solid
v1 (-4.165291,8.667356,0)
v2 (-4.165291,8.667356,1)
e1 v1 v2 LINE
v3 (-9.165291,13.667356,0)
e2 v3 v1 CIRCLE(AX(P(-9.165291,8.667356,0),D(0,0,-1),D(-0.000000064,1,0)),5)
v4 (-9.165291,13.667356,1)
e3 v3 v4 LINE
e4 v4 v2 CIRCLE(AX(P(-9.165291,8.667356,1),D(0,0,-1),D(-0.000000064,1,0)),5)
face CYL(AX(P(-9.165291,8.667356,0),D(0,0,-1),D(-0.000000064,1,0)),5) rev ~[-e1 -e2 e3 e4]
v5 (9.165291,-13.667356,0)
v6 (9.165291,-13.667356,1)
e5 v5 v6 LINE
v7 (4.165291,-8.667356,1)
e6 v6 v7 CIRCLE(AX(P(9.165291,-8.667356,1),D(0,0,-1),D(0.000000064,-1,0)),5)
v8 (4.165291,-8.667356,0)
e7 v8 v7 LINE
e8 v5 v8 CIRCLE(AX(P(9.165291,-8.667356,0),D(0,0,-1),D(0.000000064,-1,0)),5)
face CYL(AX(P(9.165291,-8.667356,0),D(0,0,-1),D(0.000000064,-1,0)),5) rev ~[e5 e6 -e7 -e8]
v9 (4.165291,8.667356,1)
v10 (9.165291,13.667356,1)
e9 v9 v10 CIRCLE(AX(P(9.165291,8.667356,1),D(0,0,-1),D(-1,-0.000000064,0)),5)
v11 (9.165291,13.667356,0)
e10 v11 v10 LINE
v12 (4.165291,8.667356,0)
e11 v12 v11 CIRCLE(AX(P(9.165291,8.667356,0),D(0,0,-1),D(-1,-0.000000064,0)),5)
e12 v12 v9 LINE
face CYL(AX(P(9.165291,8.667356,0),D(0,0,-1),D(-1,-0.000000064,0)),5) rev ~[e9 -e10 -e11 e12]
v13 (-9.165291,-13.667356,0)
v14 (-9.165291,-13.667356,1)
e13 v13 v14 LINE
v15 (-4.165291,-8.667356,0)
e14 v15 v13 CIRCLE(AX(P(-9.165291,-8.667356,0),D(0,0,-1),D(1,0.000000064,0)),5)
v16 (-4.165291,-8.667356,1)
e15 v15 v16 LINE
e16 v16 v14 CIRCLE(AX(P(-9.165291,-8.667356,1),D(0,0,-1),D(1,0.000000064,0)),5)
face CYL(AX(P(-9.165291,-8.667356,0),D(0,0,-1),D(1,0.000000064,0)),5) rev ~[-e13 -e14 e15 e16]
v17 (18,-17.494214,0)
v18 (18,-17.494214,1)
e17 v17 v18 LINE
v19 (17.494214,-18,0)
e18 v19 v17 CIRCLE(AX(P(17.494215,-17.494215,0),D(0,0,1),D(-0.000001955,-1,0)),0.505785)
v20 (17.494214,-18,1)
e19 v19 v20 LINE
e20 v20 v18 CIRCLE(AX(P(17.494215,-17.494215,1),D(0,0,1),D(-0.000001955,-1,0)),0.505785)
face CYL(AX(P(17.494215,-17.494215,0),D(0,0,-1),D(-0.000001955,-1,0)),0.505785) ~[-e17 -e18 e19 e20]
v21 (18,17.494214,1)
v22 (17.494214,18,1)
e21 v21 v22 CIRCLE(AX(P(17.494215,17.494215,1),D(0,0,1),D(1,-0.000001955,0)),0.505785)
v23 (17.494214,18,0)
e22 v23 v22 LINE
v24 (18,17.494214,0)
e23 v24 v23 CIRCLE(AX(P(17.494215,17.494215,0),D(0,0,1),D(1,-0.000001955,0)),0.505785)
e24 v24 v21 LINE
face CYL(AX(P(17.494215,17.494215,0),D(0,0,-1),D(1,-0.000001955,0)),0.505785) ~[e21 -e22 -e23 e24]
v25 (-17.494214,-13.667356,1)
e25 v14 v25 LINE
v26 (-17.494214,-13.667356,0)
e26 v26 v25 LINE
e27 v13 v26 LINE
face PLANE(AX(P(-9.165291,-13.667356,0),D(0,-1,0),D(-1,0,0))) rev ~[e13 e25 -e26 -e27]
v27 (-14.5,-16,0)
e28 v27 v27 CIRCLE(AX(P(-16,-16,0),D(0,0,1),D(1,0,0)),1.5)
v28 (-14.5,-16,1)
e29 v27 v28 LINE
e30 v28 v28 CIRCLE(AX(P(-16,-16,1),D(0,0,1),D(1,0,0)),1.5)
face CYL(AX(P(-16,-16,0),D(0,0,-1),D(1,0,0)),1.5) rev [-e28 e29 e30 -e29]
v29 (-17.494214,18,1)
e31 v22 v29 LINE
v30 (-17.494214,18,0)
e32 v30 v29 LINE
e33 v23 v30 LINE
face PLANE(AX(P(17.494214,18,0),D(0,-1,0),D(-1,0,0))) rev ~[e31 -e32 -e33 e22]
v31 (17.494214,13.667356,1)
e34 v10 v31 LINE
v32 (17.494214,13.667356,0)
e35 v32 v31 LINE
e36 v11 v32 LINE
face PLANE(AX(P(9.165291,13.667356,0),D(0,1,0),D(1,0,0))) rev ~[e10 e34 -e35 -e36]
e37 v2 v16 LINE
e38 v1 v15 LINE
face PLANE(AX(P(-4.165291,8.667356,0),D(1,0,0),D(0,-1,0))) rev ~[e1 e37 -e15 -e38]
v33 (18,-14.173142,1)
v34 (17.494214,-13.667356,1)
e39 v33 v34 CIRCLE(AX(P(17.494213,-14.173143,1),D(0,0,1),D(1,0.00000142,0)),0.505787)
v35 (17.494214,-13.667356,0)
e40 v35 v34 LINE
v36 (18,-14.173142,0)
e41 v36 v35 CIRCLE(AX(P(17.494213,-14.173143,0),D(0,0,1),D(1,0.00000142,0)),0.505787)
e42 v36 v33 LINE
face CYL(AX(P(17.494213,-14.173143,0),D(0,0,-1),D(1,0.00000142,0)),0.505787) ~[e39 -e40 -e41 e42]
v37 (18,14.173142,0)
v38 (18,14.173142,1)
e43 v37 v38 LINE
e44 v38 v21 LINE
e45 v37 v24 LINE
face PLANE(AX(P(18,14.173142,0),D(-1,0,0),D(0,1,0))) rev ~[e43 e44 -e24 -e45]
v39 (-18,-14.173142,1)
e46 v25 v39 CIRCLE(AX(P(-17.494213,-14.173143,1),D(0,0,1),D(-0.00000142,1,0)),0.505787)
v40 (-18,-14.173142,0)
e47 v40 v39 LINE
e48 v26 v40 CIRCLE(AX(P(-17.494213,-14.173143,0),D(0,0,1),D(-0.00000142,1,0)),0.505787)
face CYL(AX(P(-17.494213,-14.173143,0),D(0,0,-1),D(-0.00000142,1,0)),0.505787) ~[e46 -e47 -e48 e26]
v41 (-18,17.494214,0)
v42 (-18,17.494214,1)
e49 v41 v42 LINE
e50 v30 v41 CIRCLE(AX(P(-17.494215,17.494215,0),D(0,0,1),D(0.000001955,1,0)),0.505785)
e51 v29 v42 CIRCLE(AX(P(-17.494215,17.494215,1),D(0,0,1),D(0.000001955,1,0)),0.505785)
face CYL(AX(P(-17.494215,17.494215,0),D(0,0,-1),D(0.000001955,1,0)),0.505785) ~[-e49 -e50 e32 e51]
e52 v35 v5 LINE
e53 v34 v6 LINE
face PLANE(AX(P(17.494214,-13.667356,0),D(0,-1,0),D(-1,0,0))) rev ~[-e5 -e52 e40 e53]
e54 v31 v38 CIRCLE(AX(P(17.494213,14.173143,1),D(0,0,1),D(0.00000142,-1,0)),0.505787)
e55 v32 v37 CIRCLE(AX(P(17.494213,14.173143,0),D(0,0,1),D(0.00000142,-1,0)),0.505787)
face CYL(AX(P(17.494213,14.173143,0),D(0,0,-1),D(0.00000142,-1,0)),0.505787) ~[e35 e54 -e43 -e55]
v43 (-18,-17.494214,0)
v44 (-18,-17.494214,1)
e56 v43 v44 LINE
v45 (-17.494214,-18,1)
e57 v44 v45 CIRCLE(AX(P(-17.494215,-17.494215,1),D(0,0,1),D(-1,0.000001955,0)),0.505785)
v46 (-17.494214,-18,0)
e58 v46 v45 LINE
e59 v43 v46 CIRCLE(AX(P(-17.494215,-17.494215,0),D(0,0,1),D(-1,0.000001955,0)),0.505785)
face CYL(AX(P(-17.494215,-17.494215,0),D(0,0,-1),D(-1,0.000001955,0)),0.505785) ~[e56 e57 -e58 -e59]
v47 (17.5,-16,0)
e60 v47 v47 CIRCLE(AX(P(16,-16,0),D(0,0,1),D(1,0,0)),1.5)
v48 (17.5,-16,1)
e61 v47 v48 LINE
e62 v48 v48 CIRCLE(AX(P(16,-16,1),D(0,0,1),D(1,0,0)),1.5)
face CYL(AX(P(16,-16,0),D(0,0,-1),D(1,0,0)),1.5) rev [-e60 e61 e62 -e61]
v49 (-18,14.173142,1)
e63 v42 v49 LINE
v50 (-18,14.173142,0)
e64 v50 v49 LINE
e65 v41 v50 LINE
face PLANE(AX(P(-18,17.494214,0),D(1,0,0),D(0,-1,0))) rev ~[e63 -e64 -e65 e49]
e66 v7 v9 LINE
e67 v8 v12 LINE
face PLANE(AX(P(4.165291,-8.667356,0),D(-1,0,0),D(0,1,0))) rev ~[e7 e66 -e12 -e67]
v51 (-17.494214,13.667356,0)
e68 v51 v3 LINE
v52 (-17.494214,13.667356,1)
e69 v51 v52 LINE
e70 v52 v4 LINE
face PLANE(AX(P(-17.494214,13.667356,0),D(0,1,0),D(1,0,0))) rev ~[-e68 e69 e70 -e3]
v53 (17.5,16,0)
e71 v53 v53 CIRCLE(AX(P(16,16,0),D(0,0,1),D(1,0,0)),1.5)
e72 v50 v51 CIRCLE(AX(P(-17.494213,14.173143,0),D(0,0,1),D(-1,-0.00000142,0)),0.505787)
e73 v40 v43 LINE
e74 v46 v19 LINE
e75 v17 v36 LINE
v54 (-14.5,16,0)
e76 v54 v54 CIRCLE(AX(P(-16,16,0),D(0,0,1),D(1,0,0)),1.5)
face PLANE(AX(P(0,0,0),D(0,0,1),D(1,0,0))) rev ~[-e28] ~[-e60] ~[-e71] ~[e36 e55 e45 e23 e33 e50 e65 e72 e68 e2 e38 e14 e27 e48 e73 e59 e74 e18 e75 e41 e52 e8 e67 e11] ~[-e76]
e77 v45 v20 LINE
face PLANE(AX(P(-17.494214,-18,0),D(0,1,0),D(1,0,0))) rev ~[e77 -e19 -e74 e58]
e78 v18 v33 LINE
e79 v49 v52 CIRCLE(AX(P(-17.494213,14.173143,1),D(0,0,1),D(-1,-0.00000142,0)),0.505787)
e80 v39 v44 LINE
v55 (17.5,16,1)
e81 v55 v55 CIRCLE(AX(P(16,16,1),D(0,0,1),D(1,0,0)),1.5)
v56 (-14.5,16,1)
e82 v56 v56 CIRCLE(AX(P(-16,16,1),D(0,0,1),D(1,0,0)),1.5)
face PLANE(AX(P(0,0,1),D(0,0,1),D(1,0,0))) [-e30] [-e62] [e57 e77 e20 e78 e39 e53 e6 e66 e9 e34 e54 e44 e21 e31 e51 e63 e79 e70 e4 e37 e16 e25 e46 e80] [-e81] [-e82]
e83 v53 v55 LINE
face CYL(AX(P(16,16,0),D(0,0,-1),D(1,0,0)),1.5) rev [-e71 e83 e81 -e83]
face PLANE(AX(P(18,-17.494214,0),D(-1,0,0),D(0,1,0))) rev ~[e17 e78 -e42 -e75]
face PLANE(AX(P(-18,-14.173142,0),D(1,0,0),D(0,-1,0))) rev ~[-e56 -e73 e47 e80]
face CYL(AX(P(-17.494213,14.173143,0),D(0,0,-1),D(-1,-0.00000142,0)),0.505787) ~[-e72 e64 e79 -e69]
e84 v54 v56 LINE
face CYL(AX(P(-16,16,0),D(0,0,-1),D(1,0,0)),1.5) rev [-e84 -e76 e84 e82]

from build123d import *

# Parameters (mm, degrees)
F0_R     = 1.5
F1_DEPTH = 1


with BuildPart() as f1:
    # F0 (on Top) → F1 (new body)
    with BuildSketch(Plane.XY):
        with BuildLine():
            Line((-17.494214, -18), (17.494214, -18))
            ThreePointArc((17.494214, -18), (17.851859, -17.851859), (18, -17.494214))
            Line((18, -17.494214), (18, -14.173142))
            ThreePointArc((18, -14.173142), (17.851859, -13.815498), (17.494214, -13.667356))
            Line((17.494214, -13.667356), (9.165291, -13.667356))
            ThreePointArc((9.165291, -13.667356), (5.629757, -12.20289), (4.165291, -8.667356))
            Line((4.165291, -8.667356), (4.165291, 8.667356))
            ThreePointArc((4.165291, 8.667356), (5.629757, 12.20289), (9.165291, 13.667356))
            Line((9.165291, 13.667356), (17.494214, 13.667356))
            ThreePointArc((17.494214, 13.667356), (17.851859, 13.815498), (18, 14.173142))
            Line((18, 14.173142), (18, 17.494214))
            ThreePointArc((18, 17.494214), (17.851859, 17.851859), (17.494214, 18))
            Line((17.494214, 18), (-17.494214, 18))
            ThreePointArc((-17.494214, 18), (-17.851859, 17.851859), (-18, 17.494214))
            Line((-18, 17.494214), (-18, 14.173142))
            ThreePointArc((-18, 14.173142), (-17.851859, 13.815498), (-17.494214, 13.667356))
            Line((-17.494214, 13.667356), (-9.165291, 13.667356))
            ThreePointArc((-9.165291, 13.667356), (-5.629757, 12.20289), (-4.165291, 8.667356))
            Line((-4.165291, 8.667356), (-4.165291, -8.667356))
            ThreePointArc((-4.165291, -8.667356), (-5.629757, -12.20289), (-9.165291, -13.667356))
            Line((-9.165291, -13.667356), (-17.494214, -13.667356))
            ThreePointArc((-17.494214, -13.667356), (-17.851859, -13.815498), (-18, -14.173142))
            Line((-18, -14.173142), (-18, -17.494214))
            ThreePointArc((-18, -17.494214), (-17.851859, -17.851859), (-17.494214, -18))
        make_face()
        with Locations((-16, -16)):
            Circle(F0_R, mode=Mode.SUBTRACT)
        with Locations((16, -16)):
            Circle(F0_R, mode=Mode.SUBTRACT)
        with Locations((-16, 16)):
            Circle(F0_R, mode=Mode.SUBTRACT)
        with Locations((16, 16)):
            Circle(F0_R, mode=Mode.SUBTRACT)
    extrude(amount=F1_DEPTH)


solid = f1.part
